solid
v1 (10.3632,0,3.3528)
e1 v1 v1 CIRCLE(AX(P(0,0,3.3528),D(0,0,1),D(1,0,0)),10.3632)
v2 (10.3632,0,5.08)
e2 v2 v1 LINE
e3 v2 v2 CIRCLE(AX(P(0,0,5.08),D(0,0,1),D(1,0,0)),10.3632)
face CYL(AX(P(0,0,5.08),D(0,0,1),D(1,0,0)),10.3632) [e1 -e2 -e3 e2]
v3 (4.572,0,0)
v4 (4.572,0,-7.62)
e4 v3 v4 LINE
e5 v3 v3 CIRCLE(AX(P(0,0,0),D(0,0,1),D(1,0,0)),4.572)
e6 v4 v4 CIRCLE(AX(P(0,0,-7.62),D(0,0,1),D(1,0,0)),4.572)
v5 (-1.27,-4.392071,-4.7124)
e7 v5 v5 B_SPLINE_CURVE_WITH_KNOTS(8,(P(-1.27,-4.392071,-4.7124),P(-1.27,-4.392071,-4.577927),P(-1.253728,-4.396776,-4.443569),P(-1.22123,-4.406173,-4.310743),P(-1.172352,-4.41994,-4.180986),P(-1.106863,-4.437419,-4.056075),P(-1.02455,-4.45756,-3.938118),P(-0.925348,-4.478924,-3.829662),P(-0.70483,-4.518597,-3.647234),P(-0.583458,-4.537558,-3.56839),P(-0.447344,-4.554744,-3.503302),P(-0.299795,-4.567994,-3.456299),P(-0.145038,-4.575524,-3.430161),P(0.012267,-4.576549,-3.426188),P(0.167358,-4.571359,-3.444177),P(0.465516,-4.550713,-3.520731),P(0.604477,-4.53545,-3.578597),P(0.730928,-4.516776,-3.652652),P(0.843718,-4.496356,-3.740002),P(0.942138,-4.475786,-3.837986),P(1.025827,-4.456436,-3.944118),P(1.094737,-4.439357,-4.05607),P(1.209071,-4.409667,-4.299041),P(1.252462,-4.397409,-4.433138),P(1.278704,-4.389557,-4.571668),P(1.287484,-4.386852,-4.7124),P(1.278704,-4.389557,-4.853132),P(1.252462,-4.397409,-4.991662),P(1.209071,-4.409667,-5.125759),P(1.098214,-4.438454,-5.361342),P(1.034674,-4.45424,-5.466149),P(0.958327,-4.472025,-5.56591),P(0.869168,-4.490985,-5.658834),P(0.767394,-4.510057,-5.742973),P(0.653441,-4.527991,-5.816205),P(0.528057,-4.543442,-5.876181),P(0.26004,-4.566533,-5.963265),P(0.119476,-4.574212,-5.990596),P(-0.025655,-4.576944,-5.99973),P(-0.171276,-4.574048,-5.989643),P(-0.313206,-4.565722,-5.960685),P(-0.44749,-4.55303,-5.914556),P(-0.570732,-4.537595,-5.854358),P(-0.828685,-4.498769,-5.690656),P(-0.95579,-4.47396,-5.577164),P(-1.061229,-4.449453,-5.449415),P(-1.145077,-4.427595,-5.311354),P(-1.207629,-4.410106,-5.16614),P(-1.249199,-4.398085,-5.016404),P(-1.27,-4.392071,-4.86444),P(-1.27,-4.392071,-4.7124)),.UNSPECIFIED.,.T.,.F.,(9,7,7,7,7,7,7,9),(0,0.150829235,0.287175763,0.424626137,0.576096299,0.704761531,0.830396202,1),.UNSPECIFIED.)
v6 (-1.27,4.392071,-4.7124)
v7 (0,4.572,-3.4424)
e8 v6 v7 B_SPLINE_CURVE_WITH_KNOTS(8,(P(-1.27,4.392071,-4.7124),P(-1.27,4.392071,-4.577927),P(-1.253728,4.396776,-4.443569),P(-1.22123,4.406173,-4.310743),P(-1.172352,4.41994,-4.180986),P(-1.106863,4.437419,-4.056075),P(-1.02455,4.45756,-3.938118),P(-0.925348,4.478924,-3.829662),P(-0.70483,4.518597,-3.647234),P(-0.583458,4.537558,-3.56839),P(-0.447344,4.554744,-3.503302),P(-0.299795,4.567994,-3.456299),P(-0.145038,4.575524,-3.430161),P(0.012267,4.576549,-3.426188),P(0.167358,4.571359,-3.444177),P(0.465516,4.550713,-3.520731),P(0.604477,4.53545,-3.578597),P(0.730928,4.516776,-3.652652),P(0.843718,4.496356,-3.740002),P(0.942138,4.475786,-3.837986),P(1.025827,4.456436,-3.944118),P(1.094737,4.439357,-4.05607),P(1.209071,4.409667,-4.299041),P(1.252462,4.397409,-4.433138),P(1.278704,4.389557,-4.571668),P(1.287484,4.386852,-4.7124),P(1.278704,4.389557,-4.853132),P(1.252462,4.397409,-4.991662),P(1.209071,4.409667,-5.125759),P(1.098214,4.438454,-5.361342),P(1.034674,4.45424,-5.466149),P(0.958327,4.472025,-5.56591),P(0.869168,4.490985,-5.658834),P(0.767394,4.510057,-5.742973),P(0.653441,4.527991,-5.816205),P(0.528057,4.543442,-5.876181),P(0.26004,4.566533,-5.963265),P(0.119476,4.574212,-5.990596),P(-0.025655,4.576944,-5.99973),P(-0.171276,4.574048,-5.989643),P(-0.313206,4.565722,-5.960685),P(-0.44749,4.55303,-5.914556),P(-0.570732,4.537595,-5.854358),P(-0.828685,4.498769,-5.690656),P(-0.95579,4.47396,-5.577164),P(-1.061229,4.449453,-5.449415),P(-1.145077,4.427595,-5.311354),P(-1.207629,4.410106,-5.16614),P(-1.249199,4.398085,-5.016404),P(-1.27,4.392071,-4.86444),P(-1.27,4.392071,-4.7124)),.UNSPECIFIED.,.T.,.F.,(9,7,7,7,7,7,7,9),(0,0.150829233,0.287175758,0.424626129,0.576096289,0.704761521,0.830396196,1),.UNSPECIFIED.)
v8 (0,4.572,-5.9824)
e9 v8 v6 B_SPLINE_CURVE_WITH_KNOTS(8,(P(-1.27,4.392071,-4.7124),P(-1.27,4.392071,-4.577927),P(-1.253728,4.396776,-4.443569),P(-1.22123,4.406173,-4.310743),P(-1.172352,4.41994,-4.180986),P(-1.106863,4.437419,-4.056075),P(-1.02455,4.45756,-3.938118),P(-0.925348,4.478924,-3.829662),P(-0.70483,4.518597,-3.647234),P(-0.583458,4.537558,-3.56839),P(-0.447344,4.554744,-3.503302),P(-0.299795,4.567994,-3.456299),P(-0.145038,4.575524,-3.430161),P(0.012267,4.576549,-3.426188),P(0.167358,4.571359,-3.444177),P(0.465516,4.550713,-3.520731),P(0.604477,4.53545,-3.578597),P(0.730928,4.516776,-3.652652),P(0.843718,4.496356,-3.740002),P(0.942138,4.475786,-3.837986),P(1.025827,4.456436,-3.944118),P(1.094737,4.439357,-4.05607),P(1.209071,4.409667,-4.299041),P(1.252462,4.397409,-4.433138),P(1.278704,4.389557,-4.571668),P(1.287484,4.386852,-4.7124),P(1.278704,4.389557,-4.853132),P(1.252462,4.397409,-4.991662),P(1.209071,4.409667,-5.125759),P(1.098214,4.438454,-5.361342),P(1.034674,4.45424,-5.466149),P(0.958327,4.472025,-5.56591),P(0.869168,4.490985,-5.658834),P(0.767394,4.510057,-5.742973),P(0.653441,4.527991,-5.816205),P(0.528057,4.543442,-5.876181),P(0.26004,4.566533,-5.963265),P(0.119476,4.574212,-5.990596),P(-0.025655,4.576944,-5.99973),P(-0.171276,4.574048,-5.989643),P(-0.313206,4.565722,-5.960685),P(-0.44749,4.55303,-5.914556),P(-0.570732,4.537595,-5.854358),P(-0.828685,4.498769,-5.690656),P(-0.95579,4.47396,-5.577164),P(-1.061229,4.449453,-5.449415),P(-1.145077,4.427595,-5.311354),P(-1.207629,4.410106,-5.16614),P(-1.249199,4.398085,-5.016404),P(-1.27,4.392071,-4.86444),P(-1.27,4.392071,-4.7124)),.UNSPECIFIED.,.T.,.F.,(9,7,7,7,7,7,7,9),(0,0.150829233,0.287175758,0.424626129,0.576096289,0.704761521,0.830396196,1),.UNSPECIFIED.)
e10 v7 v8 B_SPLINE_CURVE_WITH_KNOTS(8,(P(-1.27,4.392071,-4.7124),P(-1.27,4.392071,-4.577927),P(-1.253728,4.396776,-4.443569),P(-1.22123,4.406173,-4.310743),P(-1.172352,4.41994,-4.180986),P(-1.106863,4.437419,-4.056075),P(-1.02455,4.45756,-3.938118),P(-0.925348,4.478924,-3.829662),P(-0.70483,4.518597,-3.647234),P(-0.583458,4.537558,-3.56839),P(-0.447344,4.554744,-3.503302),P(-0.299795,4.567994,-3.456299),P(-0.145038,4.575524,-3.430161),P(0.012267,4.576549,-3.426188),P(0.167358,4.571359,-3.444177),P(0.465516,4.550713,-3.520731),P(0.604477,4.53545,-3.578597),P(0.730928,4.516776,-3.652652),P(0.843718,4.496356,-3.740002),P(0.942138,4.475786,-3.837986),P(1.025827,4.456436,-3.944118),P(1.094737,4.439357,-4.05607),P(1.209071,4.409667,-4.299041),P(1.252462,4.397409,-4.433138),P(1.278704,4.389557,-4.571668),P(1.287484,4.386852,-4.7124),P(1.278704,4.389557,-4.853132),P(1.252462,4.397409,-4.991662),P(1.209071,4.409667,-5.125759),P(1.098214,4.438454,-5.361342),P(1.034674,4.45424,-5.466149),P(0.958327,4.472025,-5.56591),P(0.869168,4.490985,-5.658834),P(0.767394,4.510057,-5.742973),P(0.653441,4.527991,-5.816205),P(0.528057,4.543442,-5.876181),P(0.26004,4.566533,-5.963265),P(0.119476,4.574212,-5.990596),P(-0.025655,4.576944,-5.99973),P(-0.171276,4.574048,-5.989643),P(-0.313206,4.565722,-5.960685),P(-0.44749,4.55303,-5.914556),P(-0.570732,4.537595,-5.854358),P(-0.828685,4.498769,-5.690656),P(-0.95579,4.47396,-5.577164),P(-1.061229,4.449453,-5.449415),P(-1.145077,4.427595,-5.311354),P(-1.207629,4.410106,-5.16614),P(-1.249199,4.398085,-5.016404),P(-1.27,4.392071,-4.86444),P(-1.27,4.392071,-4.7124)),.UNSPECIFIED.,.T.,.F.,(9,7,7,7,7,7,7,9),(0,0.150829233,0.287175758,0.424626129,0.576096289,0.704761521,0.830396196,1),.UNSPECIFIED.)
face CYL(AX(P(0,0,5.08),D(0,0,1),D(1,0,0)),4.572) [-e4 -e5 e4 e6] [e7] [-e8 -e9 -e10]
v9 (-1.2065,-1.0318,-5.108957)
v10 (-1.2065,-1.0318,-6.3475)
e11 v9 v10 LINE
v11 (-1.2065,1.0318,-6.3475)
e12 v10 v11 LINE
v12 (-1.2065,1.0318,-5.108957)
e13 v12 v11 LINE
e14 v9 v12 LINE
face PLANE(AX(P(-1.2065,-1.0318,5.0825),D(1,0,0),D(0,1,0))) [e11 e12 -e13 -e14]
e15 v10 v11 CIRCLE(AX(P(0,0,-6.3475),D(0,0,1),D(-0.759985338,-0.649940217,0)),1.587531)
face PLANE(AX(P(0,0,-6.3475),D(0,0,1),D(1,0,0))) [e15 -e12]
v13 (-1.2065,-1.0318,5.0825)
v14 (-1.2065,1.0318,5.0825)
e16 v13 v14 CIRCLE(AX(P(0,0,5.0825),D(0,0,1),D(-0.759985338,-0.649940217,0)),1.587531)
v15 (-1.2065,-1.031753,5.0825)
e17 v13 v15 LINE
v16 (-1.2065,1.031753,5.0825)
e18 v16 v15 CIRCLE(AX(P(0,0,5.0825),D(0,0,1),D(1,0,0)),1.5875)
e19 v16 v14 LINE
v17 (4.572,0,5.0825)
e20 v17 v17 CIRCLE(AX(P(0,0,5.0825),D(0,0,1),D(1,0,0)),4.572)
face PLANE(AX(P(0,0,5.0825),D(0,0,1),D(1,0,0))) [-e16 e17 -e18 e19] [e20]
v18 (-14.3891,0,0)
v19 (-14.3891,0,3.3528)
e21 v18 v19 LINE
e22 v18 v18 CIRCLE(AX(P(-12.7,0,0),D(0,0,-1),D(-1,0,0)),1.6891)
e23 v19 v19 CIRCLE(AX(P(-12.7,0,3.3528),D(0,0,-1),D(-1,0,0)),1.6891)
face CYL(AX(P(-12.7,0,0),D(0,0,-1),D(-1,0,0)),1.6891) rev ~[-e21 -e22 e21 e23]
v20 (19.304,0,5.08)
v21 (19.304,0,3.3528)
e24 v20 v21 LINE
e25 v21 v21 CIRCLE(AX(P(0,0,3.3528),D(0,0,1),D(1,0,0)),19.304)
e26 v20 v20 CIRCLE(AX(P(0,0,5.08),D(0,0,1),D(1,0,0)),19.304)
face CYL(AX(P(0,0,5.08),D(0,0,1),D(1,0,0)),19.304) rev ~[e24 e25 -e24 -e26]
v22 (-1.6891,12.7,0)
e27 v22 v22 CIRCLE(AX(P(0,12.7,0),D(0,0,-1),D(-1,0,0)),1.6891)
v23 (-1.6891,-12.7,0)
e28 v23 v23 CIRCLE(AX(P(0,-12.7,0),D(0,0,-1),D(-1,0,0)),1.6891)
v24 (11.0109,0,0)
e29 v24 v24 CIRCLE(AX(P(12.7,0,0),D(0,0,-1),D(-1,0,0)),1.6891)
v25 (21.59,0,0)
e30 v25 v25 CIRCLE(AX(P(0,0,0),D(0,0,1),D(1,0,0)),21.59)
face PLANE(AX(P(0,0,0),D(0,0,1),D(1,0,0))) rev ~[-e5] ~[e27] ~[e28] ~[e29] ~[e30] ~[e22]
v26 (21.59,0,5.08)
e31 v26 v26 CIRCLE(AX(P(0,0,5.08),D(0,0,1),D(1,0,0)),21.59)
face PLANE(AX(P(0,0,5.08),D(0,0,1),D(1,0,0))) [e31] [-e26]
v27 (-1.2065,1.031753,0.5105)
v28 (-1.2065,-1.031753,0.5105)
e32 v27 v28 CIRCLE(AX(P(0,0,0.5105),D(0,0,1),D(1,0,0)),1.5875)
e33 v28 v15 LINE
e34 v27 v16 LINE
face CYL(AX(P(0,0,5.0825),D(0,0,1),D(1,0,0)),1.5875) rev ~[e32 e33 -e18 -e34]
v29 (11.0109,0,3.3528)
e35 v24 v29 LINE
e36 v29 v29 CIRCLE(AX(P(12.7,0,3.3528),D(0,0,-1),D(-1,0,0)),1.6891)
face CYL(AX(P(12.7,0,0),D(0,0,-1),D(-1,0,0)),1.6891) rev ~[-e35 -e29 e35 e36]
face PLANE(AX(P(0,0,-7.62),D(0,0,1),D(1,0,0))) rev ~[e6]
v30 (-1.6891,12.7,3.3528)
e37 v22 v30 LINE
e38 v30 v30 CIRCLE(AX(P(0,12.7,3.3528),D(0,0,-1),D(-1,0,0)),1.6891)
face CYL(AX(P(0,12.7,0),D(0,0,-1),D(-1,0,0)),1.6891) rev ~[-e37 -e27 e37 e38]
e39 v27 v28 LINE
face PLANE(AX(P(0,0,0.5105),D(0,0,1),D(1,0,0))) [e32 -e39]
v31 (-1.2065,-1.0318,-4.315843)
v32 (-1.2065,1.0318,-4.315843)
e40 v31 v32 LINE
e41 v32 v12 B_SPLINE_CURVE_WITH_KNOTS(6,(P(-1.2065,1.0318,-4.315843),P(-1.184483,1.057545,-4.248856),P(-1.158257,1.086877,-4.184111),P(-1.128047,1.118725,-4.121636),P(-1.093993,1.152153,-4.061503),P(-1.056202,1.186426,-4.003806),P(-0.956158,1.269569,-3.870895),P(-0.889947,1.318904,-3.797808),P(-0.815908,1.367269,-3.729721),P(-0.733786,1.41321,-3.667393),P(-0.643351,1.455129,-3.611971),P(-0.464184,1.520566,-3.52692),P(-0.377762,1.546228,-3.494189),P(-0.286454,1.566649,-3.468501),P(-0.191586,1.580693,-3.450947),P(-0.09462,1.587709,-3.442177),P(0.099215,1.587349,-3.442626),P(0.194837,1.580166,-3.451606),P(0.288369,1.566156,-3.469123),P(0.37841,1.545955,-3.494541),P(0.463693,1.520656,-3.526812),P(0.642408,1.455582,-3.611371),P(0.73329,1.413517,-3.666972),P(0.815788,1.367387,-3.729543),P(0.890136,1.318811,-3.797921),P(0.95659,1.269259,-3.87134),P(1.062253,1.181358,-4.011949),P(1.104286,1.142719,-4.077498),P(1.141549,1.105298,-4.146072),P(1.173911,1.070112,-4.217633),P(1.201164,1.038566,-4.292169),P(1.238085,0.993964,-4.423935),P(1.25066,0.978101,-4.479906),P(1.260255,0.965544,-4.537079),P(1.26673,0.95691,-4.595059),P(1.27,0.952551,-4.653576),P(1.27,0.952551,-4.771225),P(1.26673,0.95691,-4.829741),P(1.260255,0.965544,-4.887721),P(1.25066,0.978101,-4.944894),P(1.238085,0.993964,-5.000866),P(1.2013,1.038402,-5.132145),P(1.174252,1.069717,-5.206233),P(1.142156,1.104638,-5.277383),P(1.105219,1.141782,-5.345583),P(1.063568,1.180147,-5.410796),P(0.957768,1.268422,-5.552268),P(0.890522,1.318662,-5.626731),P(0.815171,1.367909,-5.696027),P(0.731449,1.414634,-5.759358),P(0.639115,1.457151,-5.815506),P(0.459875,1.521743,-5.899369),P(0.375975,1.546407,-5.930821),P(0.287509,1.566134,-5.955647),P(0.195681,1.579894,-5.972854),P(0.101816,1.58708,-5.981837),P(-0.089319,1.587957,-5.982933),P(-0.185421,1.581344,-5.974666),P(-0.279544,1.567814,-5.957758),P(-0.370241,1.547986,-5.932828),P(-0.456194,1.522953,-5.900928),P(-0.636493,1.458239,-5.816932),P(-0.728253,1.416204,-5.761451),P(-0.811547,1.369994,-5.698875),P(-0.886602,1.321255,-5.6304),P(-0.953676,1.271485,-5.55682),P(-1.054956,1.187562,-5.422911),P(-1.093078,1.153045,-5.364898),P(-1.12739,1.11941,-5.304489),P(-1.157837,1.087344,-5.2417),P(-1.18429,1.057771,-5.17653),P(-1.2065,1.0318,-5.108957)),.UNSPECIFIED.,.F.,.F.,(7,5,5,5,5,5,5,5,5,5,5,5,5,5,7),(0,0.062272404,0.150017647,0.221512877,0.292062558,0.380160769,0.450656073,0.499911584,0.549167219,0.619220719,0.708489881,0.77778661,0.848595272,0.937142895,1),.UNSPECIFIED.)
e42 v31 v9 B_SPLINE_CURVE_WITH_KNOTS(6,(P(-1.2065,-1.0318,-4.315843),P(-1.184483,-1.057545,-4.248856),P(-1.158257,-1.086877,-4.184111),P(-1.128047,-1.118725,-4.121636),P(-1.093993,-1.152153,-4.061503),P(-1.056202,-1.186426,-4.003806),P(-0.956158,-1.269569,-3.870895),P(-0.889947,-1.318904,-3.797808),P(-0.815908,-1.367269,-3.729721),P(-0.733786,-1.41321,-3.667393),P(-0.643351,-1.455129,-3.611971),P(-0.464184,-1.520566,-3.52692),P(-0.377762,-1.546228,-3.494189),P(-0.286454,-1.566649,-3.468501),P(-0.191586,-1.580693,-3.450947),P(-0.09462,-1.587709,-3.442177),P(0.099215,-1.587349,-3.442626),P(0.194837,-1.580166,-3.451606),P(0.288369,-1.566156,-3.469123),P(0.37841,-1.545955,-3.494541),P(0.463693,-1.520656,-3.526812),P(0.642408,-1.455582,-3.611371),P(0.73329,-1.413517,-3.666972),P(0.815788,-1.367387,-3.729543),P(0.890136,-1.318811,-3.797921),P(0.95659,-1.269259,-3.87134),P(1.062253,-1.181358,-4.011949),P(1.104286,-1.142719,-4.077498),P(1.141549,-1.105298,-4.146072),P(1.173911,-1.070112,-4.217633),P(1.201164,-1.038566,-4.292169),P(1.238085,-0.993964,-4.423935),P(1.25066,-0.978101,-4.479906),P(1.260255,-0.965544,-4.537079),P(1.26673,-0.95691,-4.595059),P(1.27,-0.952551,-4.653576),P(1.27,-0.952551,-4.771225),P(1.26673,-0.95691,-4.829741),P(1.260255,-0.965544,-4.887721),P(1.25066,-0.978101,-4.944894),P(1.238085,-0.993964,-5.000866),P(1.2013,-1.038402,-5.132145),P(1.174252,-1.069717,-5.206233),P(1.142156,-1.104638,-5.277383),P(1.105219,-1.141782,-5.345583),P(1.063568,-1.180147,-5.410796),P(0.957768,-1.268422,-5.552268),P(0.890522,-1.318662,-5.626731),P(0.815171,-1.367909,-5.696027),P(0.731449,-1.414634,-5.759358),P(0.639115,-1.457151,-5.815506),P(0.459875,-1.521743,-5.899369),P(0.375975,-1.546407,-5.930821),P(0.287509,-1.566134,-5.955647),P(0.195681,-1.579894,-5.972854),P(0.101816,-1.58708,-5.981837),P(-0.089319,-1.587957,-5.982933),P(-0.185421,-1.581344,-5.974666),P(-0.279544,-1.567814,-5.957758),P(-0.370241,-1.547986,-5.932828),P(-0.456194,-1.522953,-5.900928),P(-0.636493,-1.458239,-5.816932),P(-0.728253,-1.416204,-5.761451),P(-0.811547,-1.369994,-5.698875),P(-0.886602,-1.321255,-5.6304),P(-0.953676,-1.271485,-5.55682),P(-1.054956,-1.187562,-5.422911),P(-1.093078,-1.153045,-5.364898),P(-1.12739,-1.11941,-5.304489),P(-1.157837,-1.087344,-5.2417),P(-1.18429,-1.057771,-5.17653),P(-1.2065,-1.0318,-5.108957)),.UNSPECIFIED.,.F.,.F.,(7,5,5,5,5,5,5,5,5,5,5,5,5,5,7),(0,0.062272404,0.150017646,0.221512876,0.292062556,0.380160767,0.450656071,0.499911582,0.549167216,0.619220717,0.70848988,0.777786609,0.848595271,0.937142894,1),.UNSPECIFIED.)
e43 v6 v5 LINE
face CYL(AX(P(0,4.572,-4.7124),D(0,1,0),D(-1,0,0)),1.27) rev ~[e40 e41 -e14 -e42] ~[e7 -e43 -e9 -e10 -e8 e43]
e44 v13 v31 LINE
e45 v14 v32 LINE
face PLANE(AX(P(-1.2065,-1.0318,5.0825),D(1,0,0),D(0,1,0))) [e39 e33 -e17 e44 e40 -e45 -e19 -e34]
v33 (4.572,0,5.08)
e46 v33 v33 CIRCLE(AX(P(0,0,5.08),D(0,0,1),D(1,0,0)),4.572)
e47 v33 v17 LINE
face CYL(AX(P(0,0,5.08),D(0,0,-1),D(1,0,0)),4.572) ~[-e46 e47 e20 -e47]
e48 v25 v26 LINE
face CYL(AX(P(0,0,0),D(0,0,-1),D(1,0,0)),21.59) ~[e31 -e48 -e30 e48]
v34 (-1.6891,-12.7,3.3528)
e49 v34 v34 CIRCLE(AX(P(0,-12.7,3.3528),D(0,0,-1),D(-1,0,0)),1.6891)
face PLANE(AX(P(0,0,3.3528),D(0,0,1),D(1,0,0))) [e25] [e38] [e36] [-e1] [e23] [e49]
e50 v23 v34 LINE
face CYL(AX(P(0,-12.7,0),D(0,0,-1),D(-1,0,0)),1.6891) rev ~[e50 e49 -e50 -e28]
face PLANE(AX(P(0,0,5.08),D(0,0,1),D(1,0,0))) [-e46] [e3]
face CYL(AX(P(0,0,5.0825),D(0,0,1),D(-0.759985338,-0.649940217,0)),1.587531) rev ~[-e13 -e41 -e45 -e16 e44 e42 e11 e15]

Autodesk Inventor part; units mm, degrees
ref_plane "YZ Plane" through (0, 0, 0) normal (1, 0, 0) x (0, 1, 0)
ref_plane "XY Plane" through (0, 0, 0) normal (0, 0, 1) x (1, 0, 0)
sketch "Sketch1" plane through (0, 0, 0) normal (0, 0, 1) x (1, 0, 0)
  circle A0 centre (0, 0) radius 21.59
  dimension "d0" = 43.18
extrude "Extrusion1" add sketch "Sketch1" along normal blind 5.08
sketch "Sketch2" plane through (0, 0, 5.08) normal (0, 0, 1) x (1, 0, 0)
  circle A0 centre (0, 0) radius 10.3632
  circle A1 centre (0, 0) radius 19.304
  dimension "d3" = 20.7264
  dimension "d4" = 38.608
extrude "Extrusion2" cut sketch "Sketch2" against normal blind 1.7272
sketch "Sketch3" plane through (0, 0, 5.08) normal (0, 0, 1) x (1, 0, 0)
  circle A0 centre (0, 0) radius 4.572
  dimension "d7" = 9.144
extrude "Extrusion3" add sketch "Sketch3" along normal blind 0.0025 and the other way blind 12.7
sketch "Sketch5" plane through (0, 0, 5.0825) normal (0, 0, 1) x (1, 0, 0)
  arc A0 (-1.2065, -1.0318) -> (-1.2065, 1.0318) centre (0, 0) ccw
  line L0 (-1.2065, -1.0318) -> (-1.2065, 1.0318)
extrude "Extrusion5" cut sketch "Sketch5" against normal blind 11.43
sketch "Sketch6" plane through (0, 0, 5.0825) normal (0, 0, 1) x (1, 0, 0)
  circle A0 centre (0, 0) radius 1.5875
  dimension "d19" = 3.175
extrude "Extrusion6" cut sketch "Sketch6" against normal blind 4.572
sketch "Sketch8" plane through (0, 0, 0) normal (0, 0, -1) x (-1, 0, 0)
  circle A0 centre (0, 0) radius 10.3632 projected
  circle A1 centre (12.7, 0) radius 1.6891
  circle A2 centre (-12.7, 0) radius 1.6891
  circle A3 centre (0, 0) radius 4.572 projected
  circle A4 centre (0, 0) radius 6.6294 projected
  circle A5 centre (0, -12.7) radius 1.6891
  circle A6 centre (0, 12.7) radius 1.6891
  dimension "d25" = 3.3782
  dimension "d26" = 3.3782
  dimension "d29" = 3.3782
  dimension "d30" = 3.3782
  dimension "d38" = 12.7
  dimension "d39" = 12.7
  dimension "d40" = 12.7
  dimension "d41" = 12.7
extrude "Extrusion8" cut sketch "Sketch8" against normal blind 25.4 contours A1 | A2 | A5 | A6
ref_plane "Work Plane1" through (0, 4.572, 5.08) normal (0, 1, 0) x (-1, 0, 0)
sketch "Sketch9" plane through (0, 4.572, 5.08) normal (0, 1, 0) x (-1, 0, 0)
  circle A0 centre (0, -9.7924) radius 1.27
  point P0 (0, -5.08)
  dimension "d35" = 2.54
extrude "Extrusion9" cut sketch "Sketch9" against normal blind 25.4
properties part number "Shaft"
